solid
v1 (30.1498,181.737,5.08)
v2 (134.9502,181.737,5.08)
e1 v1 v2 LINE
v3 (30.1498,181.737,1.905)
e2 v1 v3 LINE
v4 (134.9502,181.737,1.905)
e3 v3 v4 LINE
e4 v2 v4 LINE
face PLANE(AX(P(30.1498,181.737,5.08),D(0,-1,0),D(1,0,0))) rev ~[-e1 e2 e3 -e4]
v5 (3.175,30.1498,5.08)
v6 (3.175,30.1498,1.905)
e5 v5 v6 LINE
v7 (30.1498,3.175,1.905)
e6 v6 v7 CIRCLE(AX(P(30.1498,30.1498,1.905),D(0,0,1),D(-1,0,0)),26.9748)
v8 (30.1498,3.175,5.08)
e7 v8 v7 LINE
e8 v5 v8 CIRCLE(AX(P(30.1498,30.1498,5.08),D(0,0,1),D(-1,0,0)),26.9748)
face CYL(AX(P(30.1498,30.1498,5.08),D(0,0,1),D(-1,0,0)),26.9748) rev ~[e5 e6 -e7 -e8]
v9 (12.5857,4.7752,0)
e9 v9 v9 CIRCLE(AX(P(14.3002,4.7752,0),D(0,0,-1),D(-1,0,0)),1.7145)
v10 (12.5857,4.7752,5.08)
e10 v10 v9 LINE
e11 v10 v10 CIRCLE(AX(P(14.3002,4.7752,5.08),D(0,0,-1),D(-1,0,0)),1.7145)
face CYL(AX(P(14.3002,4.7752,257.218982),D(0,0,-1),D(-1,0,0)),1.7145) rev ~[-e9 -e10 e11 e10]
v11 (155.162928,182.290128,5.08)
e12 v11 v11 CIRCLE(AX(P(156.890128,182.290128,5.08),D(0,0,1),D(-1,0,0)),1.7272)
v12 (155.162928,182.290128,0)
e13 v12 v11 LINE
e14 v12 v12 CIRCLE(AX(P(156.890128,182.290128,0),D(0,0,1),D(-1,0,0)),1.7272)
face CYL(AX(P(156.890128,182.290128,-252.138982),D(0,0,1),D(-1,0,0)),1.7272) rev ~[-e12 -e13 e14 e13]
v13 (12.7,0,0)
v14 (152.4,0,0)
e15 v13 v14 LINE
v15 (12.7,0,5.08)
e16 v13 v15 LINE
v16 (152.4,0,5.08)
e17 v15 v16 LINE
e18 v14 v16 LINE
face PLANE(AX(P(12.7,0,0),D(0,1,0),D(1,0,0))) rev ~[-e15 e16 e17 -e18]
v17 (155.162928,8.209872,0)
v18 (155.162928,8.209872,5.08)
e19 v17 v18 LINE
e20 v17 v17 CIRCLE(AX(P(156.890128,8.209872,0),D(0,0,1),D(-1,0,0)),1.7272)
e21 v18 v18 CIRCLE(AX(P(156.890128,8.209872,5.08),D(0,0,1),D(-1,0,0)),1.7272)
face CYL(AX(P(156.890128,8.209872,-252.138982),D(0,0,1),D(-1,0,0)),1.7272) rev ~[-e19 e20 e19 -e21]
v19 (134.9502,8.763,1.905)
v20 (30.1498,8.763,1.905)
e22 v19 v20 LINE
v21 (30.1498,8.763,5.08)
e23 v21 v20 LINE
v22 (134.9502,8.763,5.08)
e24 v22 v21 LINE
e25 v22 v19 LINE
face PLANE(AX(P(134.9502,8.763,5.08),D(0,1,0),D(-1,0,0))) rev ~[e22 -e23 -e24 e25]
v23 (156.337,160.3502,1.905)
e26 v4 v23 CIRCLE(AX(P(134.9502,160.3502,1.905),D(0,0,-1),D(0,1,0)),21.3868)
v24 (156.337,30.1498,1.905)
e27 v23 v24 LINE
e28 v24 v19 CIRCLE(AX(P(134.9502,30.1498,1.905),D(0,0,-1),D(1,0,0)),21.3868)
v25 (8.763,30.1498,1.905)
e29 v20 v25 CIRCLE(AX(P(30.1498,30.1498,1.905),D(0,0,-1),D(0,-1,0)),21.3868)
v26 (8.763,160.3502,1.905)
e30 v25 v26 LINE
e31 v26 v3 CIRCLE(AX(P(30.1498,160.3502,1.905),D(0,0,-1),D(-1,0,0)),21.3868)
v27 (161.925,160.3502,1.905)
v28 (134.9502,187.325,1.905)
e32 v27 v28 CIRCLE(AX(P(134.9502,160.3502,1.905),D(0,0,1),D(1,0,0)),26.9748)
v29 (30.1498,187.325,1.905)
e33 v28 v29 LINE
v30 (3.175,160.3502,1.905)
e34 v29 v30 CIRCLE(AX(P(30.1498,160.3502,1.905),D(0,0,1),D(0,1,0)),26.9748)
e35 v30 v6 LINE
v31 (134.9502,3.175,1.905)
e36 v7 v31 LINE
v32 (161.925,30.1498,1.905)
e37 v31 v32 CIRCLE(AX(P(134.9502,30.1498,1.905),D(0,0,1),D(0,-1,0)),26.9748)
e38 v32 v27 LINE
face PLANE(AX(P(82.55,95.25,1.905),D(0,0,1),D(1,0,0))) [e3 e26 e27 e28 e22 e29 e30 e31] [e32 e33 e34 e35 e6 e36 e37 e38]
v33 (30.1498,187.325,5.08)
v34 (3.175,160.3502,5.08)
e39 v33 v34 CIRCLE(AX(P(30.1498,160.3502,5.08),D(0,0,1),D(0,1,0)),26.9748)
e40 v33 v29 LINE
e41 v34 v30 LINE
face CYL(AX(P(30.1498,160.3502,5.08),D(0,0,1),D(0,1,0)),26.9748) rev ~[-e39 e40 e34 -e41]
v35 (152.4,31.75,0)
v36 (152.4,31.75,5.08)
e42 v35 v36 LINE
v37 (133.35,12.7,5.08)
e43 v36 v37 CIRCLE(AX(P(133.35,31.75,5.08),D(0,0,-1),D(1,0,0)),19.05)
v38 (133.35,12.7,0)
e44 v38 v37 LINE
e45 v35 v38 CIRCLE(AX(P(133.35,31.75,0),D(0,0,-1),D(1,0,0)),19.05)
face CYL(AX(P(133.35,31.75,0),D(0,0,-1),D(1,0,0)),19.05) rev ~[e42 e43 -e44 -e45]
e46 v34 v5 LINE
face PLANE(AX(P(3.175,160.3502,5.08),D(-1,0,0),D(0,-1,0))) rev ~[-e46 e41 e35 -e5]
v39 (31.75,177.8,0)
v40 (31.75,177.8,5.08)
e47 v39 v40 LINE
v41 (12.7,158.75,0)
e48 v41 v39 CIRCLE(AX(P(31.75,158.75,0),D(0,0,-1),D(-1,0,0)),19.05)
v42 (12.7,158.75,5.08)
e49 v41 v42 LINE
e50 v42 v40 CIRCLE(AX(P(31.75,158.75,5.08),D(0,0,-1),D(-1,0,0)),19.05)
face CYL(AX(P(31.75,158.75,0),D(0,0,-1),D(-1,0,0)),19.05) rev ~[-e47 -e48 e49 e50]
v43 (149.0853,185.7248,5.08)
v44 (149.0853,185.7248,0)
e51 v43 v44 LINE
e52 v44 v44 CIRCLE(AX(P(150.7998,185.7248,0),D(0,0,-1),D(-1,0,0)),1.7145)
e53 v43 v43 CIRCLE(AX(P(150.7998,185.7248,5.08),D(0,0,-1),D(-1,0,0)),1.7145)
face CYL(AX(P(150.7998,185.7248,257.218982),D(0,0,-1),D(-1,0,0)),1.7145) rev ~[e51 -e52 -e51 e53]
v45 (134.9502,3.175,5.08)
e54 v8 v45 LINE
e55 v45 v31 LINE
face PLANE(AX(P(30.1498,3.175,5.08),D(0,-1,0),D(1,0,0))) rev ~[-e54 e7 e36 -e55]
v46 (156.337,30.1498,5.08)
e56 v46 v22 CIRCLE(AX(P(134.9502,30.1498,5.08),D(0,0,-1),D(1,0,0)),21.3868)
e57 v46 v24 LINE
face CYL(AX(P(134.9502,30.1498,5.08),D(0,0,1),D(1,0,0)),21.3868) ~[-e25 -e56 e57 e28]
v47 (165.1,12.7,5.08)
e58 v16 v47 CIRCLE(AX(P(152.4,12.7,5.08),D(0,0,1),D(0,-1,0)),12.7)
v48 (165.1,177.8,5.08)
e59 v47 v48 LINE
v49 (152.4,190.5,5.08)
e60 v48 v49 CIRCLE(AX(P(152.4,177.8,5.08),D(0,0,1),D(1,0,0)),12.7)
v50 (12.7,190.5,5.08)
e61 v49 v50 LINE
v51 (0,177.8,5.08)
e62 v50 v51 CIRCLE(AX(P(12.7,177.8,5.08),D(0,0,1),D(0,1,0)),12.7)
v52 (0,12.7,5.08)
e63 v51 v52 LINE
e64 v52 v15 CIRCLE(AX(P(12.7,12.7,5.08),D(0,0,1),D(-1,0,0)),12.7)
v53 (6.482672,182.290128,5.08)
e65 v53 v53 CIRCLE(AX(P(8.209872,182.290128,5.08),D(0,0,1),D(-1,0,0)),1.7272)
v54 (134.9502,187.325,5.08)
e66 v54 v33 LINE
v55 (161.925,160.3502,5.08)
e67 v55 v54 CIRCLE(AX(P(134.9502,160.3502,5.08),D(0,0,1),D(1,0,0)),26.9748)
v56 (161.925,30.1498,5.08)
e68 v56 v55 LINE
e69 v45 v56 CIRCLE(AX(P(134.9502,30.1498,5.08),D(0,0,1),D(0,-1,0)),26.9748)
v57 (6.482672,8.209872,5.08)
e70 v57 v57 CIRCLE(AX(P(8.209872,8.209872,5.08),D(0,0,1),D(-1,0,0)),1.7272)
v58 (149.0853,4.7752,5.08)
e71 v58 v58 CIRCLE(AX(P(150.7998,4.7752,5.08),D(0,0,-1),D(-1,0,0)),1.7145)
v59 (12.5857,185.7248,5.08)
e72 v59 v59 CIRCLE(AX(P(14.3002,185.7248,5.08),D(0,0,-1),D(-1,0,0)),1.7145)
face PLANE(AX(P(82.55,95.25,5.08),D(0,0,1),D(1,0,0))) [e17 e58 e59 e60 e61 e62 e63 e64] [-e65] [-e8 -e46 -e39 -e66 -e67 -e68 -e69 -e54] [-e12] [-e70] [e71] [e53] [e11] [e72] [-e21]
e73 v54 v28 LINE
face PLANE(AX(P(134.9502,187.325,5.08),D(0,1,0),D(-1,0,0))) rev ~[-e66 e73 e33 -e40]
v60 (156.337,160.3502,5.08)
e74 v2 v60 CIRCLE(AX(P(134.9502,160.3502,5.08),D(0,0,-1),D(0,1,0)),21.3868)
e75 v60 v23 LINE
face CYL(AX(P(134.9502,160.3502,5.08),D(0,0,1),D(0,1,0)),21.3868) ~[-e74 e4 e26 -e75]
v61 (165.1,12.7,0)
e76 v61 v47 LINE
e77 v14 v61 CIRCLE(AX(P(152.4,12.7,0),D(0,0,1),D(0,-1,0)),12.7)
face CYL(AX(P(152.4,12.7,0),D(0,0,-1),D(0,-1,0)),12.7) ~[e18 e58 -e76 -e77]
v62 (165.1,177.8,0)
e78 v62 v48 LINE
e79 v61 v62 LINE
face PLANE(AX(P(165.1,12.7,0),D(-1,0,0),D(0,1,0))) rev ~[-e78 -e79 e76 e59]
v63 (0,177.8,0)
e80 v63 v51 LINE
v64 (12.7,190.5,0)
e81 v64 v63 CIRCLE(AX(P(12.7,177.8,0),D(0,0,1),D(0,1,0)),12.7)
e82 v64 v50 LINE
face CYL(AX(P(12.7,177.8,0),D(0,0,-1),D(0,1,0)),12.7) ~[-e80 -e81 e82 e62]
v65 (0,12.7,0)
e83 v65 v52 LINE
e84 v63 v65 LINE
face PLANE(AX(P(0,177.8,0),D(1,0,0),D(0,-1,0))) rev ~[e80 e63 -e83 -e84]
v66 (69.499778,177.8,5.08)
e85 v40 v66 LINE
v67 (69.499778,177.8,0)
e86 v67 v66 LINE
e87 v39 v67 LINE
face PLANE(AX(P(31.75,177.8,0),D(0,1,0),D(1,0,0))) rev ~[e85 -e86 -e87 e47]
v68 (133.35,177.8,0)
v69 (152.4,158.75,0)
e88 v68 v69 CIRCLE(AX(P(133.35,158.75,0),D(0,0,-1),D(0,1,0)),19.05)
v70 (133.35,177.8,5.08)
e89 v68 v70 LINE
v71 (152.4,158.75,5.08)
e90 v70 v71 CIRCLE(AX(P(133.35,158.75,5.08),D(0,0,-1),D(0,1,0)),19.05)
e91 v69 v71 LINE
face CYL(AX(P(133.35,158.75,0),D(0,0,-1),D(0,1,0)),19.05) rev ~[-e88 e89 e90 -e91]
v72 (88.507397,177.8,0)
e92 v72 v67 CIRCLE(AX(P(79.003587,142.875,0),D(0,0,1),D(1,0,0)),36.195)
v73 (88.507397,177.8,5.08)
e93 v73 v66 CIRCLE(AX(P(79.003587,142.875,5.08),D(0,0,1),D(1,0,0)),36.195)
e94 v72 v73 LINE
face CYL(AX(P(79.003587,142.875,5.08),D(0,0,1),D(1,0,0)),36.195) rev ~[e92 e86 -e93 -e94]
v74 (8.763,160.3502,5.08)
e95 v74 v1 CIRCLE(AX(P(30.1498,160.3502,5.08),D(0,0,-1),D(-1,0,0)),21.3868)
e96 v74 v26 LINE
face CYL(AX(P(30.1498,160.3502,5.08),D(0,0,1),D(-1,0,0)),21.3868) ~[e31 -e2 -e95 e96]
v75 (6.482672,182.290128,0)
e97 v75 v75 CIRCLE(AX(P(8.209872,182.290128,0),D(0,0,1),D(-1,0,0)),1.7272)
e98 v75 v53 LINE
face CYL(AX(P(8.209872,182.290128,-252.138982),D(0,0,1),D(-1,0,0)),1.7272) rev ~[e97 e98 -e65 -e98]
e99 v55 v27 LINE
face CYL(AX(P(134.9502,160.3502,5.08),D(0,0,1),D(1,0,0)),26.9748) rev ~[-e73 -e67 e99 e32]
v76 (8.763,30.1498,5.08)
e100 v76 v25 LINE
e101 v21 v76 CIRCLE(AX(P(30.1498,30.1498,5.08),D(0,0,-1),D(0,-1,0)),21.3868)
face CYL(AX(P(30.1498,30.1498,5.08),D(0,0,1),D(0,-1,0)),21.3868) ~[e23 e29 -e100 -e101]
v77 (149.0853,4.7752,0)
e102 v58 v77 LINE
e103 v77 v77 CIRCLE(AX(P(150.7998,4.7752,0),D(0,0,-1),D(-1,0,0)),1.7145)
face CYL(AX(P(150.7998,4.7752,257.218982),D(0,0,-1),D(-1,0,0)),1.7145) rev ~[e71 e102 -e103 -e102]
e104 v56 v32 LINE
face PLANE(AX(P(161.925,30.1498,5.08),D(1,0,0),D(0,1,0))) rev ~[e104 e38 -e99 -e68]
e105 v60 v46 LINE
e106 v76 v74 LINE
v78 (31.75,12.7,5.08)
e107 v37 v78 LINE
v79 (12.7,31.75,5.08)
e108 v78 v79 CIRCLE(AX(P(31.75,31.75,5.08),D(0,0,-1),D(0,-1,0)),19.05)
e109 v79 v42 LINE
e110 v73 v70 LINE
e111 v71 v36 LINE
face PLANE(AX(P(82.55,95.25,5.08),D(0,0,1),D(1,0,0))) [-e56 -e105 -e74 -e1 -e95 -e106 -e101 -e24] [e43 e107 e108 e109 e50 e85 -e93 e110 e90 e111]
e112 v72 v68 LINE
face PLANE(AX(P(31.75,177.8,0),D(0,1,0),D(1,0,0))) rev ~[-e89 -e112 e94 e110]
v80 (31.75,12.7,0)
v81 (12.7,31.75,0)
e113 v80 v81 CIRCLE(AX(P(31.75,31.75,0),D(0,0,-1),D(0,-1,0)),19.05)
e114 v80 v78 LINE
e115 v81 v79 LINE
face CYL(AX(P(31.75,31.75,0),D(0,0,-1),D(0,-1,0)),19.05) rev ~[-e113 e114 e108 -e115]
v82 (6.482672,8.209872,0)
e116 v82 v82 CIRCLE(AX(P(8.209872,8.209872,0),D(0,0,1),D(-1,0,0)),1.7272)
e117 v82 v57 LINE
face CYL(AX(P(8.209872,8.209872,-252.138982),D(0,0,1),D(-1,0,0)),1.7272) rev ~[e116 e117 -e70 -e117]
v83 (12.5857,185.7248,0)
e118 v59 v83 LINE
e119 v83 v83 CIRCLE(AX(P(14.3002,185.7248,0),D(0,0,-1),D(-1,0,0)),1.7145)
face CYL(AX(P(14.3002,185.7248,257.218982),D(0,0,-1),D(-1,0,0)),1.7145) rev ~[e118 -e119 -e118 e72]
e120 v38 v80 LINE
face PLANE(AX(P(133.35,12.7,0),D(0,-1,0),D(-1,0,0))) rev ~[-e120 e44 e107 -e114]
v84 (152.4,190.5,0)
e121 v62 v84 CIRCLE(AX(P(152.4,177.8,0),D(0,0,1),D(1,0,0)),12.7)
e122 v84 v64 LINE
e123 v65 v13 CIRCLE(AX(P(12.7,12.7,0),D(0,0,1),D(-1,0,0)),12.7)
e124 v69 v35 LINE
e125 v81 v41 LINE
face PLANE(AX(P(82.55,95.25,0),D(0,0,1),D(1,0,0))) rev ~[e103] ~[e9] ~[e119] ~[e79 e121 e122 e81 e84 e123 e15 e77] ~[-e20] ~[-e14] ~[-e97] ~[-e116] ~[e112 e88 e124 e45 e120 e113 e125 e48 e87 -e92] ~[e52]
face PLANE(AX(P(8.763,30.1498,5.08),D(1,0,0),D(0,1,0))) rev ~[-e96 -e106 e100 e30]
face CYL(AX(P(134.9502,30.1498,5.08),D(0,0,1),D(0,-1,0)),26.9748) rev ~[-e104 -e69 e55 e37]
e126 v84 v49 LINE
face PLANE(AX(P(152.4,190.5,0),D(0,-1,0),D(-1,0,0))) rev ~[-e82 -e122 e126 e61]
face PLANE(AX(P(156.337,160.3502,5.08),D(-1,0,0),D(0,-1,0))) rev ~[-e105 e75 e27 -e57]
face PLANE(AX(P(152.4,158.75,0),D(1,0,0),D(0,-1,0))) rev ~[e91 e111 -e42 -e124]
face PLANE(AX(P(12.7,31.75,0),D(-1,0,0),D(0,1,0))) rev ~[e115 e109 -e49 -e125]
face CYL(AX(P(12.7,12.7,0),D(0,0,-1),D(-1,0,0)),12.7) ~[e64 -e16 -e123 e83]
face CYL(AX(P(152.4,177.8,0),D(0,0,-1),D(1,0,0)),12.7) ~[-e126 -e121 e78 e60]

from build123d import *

# Parameters (mm, degrees)
F1_DEPTH = 5.08
F3_DEPTH = 3.175
F5_D     = 3.4544
F7_D     = 3.429
F8_R     = 36.195
F9_DEPTH = 5.081


with BuildPart() as f1:
    # F0 (on Top) → F1 (new body)
    with BuildSketch(Plane.XY):
        with BuildLine():
            ThreePointArc((0, 12.7), (3.7197438789, 3.7197438789), (12.7, 0))
            Line((12.7, 0), (152.4, 0))
            ThreePointArc((152.4, 0), (161.3802561211, 3.7197438789), (165.1, 12.7))
            Line((165.1, 12.7), (165.1, 177.8))
            ThreePointArc((165.1, 177.8), (161.3802561211, 186.7802561211), (152.4, 190.5))
            Line((152.4, 190.5), (12.7, 190.5))
            ThreePointArc((12.7, 190.5), (3.7197438789, 186.7802561211), (0, 177.8))
            Line((0, 177.8), (0, 12.7))
        make_face()
        with BuildLine():
            ThreePointArc((12.7, 158.75), (18.2796158184, 172.2203841816), (31.75, 177.8))
            Line((31.75, 177.8), (133.35, 177.8))
            ThreePointArc((133.35, 177.8), (146.8203841816, 172.2203841816), (152.4, 158.75))
            Line((152.4, 158.75), (152.4, 31.75))
            ThreePointArc((152.4, 31.75), (146.8203841816, 18.2796158184), (133.35, 12.7))
            Line((133.35, 12.7), (31.75, 12.7))
            ThreePointArc((31.75, 12.7), (18.2796158184, 18.2796158184), (12.7, 31.75))
            Line((12.7, 31.75), (12.7, 158.75))
        make_face(mode=Mode.SUBTRACT)
    extrude(amount=F1_DEPTH)

    # F2 (on face) → F3 (cut)
    with BuildSketch(Plane.XY.offset(5.08)):
        with BuildLine():
            ThreePointArc((3.175, 30.1498), (11.0757359988, 11.0757359988), (30.1498, 3.175))
            Line((30.1498, 3.175), (134.9502, 3.175))
            ThreePointArc((134.9502, 3.175), (154.0242640012, 11.0757359988), (161.925, 30.1498))
            Line((161.925, 30.1498), (161.925, 160.3502))
            ThreePointArc((161.925, 160.3502), (154.0242640012, 179.4242640012), (134.9502, 187.325))
            Line((134.9502, 187.325), (30.1498, 187.325))
            ThreePointArc((30.1498, 187.325), (11.0757359988, 179.4242640012), (3.175, 160.3502))
            Line((3.175, 160.3502), (3.175, 30.1498))
        make_face()
        with BuildLine():
            ThreePointArc((30.1498, 8.763), (15.0270486921, 15.0270486921), (8.763, 30.1498))
            Line((8.763, 30.1498), (8.763, 160.3502))
            ThreePointArc((8.763, 160.3502), (15.0270486921, 175.4729513079), (30.1498, 181.737))
            Line((30.1498, 181.737), (134.9502, 181.737))
            ThreePointArc((134.9502, 181.737), (150.0729513079, 175.4729513079), (156.337, 160.3502))
            Line((156.337, 160.3502), (156.337, 30.1498))
            ThreePointArc((156.337, 30.1498), (150.0729513079, 15.0270486921), (134.9502, 8.763))
            Line((134.9502, 8.763), (30.1498, 8.763))
        make_face(mode=Mode.SUBTRACT)
    extrude(amount=-F3_DEPTH, mode=Mode.SUBTRACT)

    # F5 (through all)
    with Locations(Plane(origin=(0, 0, 0), x_dir=(1, 0, 0), z_dir=(0, 0, -1))):
        with Locations((8.2098719395, -182.2901280605), (156.8901280605, -182.2901280605), (156.8901280605, -8.2098719395), (8.2098719395, -8.2098719395)):
            Hole(F5_D / 2)

    # F7 (through all)
    with Locations(Plane.XY.offset(5.08)):
        with Locations((14.3002, 185.7248), (150.7998, 185.7248), (14.3002, 4.7752), (150.7998, 4.7752)):
            Hole(F7_D / 2)

    # F8 (on face) → F9 (cut, through all)
    with BuildSketch(Plane.XY.offset(5.08)):
        with Locations((79.0035873652, 142.875)):
            Circle(F8_R)
    extrude(amount=-F9_DEPTH, mode=Mode.SUBTRACT)


solid = f1.part
